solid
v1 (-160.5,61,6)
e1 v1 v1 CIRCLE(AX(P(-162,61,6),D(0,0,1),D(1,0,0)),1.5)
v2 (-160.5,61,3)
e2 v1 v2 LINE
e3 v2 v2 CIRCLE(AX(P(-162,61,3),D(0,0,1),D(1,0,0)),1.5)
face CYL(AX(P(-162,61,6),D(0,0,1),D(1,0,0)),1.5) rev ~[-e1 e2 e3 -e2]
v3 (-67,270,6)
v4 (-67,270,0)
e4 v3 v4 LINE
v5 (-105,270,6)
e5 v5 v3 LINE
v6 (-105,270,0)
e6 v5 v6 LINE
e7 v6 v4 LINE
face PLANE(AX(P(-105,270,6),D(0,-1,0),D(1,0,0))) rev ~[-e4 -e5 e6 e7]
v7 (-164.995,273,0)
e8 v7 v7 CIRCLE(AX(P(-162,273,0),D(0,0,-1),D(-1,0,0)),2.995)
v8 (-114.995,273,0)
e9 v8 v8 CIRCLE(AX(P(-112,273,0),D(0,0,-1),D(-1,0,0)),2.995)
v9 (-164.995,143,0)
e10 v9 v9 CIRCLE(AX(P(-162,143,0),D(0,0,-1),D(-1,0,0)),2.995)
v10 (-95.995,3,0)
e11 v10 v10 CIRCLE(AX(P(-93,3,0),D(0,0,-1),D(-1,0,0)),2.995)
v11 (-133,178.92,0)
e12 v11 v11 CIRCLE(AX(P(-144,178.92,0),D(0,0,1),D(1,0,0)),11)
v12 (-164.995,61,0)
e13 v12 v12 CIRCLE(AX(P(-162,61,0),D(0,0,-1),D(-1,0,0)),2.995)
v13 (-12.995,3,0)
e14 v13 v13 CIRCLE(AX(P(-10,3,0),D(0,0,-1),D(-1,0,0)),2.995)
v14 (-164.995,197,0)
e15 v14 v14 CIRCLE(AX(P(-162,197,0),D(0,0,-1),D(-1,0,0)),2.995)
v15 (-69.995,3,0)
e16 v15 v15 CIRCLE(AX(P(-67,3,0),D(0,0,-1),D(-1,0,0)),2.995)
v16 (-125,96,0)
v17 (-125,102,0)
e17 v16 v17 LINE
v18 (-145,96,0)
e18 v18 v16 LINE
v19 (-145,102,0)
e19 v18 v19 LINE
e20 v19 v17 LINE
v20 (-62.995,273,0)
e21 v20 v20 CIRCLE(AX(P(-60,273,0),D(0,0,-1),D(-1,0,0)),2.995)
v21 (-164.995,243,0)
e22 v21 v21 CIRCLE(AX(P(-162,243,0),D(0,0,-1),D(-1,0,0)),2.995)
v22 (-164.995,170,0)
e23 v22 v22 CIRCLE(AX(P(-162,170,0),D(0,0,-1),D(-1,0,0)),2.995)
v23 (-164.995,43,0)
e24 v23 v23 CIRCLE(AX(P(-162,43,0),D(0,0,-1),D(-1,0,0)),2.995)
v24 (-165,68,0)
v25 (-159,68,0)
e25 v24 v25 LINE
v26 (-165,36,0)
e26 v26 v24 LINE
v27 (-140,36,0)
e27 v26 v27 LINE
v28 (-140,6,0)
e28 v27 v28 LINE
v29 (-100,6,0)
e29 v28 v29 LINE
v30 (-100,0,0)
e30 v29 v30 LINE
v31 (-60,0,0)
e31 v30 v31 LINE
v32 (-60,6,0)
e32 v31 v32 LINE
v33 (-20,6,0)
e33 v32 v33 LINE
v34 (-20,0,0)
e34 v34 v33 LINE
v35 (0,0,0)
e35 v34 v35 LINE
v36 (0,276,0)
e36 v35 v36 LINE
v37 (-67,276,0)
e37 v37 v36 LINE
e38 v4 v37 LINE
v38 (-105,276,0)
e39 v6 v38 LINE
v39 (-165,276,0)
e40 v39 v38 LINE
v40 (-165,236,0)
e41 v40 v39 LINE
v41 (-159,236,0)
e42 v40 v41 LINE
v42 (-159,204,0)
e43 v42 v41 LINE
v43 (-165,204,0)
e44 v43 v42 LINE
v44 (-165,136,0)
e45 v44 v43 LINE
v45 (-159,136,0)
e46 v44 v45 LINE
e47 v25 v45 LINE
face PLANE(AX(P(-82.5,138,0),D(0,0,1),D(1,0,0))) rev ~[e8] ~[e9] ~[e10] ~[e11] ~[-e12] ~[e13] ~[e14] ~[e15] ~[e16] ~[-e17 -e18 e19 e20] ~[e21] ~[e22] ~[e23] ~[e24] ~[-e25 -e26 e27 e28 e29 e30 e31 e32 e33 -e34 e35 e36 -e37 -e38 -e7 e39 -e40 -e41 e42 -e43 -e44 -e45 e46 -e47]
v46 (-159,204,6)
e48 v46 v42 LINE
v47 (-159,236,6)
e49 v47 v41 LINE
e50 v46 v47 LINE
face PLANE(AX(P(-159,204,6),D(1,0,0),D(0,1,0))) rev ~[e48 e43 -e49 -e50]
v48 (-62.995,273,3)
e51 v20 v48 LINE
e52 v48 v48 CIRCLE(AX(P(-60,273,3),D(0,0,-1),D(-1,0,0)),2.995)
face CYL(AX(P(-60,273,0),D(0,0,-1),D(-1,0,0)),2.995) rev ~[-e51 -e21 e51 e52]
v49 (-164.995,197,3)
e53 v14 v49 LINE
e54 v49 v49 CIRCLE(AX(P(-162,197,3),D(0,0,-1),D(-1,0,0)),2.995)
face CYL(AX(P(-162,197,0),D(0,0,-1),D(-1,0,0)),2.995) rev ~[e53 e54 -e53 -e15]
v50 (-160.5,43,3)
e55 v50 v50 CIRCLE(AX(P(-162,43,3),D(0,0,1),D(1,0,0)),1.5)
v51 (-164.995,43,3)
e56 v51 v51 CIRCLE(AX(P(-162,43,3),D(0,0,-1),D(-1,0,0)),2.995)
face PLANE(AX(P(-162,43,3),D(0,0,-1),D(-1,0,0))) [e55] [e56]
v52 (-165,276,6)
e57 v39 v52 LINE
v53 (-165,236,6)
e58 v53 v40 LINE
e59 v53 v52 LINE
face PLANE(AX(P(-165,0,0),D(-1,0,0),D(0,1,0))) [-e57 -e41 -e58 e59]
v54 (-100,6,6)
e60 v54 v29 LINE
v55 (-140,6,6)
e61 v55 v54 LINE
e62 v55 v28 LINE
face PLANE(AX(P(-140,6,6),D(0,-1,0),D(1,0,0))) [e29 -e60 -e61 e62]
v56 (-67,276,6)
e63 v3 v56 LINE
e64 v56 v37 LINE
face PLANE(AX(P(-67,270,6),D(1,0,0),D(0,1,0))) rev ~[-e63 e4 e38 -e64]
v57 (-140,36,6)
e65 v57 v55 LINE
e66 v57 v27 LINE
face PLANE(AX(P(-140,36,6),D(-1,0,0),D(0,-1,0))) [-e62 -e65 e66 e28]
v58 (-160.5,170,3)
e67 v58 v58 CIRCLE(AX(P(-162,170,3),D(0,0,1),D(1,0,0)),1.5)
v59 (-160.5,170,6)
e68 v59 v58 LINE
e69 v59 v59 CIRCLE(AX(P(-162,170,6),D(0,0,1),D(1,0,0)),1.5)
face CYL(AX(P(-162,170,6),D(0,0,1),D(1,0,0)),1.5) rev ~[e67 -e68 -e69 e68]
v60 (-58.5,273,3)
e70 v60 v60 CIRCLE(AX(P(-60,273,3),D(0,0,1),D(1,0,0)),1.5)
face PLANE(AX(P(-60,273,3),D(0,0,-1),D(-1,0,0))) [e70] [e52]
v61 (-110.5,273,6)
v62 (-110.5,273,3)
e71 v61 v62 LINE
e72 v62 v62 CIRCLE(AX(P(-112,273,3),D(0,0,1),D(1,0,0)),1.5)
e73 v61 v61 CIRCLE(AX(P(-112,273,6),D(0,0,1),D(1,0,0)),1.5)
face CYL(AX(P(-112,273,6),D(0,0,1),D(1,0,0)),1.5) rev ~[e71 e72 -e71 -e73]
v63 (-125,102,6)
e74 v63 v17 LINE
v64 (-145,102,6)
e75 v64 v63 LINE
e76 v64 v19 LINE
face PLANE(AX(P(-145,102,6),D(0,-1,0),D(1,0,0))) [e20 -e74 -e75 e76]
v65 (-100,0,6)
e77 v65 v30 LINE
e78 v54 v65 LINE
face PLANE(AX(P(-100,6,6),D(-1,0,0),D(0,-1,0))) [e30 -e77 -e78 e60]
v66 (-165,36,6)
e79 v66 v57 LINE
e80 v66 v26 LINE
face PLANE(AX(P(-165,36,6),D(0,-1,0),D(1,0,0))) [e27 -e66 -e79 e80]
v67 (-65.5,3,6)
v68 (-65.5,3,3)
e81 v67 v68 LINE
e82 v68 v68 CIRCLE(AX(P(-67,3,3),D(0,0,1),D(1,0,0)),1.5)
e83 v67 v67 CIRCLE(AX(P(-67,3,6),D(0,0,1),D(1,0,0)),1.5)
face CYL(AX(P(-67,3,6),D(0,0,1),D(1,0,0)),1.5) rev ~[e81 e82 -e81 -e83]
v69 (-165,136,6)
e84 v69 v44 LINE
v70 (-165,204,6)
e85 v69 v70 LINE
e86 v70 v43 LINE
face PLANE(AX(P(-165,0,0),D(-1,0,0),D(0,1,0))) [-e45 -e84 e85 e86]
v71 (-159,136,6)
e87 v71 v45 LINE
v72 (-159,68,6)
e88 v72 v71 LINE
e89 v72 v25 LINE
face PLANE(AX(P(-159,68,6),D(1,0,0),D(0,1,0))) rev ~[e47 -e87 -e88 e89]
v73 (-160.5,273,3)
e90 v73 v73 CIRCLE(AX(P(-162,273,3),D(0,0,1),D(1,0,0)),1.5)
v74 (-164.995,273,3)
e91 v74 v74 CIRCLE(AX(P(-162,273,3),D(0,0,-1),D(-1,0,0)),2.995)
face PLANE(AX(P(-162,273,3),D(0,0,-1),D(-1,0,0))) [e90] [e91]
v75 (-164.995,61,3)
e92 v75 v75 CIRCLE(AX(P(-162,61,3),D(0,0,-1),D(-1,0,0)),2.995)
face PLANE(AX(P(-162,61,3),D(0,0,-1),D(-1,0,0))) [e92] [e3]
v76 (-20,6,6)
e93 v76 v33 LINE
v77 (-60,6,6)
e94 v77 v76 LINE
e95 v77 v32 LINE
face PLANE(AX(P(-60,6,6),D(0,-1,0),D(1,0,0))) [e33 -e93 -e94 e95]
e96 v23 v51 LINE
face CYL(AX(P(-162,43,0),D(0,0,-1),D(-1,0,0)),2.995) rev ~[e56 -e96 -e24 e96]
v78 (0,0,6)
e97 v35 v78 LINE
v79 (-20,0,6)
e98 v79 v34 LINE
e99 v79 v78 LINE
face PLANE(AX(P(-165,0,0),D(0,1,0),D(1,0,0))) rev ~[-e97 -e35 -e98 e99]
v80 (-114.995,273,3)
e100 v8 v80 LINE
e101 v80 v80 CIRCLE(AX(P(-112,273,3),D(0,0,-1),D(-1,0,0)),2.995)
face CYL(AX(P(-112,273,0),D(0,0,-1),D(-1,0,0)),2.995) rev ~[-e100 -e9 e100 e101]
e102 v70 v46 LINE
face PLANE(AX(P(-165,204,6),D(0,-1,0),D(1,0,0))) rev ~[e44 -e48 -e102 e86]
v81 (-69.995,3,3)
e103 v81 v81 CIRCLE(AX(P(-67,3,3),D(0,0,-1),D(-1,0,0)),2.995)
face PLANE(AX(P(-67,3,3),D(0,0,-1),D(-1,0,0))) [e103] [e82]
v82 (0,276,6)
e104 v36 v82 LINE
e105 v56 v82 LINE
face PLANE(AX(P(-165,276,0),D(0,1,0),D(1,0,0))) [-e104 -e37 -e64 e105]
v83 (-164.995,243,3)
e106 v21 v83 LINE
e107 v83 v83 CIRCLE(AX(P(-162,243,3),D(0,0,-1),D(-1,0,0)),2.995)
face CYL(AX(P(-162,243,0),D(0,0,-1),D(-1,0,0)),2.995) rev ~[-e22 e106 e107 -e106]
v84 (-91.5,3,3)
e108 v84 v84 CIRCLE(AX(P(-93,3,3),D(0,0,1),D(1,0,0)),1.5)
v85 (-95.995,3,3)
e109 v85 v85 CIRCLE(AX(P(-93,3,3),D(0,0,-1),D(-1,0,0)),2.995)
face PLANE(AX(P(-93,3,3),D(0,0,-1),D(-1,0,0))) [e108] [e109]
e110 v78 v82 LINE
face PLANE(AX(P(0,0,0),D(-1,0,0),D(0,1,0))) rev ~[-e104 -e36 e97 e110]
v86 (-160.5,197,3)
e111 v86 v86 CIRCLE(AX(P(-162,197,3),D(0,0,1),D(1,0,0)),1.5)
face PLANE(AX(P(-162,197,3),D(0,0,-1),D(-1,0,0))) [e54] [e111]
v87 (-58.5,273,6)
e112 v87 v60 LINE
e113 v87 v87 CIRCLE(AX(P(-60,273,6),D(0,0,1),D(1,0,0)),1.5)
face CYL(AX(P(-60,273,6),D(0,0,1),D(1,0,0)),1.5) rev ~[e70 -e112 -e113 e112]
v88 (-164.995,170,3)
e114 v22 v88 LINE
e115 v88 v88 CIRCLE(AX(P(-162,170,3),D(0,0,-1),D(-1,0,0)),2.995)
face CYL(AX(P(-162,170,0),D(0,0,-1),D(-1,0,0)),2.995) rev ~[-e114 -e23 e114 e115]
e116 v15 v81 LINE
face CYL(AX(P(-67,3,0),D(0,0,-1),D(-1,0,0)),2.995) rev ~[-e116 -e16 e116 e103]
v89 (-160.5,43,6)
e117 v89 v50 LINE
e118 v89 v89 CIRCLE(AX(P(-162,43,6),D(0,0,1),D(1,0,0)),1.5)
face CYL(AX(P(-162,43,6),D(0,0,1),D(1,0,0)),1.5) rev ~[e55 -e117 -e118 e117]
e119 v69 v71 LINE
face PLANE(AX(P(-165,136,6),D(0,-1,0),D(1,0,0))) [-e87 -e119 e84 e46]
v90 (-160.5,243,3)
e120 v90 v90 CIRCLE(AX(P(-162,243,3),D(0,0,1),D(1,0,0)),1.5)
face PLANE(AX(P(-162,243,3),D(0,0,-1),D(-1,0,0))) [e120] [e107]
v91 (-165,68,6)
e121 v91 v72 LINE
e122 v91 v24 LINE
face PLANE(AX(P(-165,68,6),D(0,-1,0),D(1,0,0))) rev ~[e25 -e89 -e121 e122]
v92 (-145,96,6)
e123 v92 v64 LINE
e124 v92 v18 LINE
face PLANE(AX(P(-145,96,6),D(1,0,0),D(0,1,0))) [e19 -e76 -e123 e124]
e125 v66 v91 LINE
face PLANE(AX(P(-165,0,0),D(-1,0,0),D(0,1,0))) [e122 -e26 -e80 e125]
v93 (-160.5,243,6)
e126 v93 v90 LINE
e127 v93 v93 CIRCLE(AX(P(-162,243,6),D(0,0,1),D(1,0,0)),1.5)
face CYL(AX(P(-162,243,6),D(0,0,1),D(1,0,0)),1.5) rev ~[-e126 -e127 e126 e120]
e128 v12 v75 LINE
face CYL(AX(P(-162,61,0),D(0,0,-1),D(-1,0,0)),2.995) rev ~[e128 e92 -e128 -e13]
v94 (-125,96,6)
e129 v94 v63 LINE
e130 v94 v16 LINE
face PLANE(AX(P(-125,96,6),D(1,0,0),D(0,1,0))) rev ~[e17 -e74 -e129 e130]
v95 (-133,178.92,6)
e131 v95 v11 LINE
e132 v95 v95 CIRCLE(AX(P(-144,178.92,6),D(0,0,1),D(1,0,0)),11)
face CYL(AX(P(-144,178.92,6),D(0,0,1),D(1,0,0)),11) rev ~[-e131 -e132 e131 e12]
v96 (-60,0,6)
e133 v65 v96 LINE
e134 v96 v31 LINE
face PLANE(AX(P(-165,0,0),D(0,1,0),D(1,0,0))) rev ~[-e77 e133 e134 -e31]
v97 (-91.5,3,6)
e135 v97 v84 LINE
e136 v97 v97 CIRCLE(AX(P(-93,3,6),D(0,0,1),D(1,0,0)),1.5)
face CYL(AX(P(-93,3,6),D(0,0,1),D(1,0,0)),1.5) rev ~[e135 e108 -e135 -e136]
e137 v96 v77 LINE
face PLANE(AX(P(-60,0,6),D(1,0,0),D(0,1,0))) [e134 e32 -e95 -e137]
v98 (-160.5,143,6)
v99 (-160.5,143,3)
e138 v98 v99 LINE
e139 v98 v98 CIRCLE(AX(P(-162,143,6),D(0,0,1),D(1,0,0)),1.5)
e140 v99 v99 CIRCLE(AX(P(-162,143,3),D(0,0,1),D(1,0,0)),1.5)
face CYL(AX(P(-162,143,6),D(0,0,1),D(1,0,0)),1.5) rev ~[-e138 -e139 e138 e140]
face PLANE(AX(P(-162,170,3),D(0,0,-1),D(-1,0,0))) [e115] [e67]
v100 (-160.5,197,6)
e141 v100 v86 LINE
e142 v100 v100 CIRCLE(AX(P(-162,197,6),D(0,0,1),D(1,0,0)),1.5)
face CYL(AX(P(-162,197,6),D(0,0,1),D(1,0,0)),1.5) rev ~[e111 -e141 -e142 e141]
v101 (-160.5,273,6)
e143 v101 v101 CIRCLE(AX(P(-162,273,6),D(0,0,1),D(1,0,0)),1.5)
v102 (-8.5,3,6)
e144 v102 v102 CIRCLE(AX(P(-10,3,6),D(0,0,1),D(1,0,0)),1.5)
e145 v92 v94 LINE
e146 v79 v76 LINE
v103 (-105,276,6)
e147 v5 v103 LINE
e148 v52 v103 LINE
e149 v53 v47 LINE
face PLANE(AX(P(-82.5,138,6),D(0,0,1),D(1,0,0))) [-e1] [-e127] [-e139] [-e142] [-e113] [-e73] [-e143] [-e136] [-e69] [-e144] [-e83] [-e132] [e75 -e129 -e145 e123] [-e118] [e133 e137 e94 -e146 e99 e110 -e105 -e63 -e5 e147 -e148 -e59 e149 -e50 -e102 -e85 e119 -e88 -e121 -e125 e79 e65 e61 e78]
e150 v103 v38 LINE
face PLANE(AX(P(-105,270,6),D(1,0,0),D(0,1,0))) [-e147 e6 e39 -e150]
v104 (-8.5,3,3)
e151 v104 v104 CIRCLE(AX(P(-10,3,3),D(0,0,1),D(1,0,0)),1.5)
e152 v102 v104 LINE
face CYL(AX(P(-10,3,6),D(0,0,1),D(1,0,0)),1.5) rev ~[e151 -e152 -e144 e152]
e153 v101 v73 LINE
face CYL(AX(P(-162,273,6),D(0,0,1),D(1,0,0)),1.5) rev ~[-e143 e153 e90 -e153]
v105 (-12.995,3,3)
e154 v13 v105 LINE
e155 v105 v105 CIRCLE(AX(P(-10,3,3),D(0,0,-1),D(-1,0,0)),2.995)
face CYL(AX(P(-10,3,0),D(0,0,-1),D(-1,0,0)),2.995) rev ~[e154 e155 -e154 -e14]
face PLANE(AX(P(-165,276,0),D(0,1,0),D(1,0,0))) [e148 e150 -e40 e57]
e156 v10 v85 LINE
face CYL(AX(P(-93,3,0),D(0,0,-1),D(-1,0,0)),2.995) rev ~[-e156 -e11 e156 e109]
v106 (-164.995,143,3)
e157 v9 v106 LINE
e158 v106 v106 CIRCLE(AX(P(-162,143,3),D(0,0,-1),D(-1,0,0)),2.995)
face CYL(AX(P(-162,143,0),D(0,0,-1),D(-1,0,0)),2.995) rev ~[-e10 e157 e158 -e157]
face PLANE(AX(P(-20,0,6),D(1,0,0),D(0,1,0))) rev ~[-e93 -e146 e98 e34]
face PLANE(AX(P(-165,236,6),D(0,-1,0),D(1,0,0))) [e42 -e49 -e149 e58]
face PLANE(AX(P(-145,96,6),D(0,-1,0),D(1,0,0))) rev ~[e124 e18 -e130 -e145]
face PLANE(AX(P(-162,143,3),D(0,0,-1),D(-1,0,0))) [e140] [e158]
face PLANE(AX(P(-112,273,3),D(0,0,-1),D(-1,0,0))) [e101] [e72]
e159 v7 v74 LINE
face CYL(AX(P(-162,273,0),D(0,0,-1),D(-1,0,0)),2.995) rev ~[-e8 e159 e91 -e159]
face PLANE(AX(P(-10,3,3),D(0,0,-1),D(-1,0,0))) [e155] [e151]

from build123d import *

# Parameters (mm, degrees)
ESQUISSE1_W             = 165
ESQUISSE1_H             = 276
BOSS_EXTRU_1_DEPTH      = 6
ESQUISSE2_W             = 38
ESQUISSE2_H             = 6
ESQUISSE2_W_2           = 6
ESQUISSE2_H_2           = 32
ESQUISSE2_H_3           = 68
ESQUISSE2_W_3           = 40
EXTERIEUR_DEPTH         = 10
ESQUISSE3_R             = 11
ESQUISSE3_W             = 20
ESQUISSE3_H             = 6
ENL_V_MAT_EXTRU_2_DEPTH = 322.616230934
ESQUISSE4_R             = 1.5
ENL_V_MAT_EXTRU_3_DEPTH = 322.616230934
ESQUISSE5_R             = 2.995
ENL_V_MAT_EXTRU_4_DEPTH = 3


with BuildPart() as part:
    # Esquisse1 → Boss.-Extru.1 (new body)
    with BuildSketch(Plane.XY):
        with Locations((-82.5, 138)):
            Rectangle(ESQUISSE1_W, ESQUISSE1_H)
    extrude(amount=BOSS_EXTRU_1_DEPTH)

    # Esquisse2 → exterieur (cut)
    with BuildSketch(Plane.XY.offset(6)):
        with Locations((-86, 273)):
            Rectangle(ESQUISSE2_W, ESQUISSE2_H)
        with Locations((-162, 220)):
            Rectangle(ESQUISSE2_W_2, ESQUISSE2_H_2)
        with Locations((-162, 102)):
            Rectangle(ESQUISSE2_W_2, ESQUISSE2_H_3)
        Polygon((-140, 36), (-140, 6), (-100, 6), (-100, 0), (-165, 0), (-165, 36), align=None)
        with Locations((-40, 3)):
            Rectangle(ESQUISSE2_W_3, ESQUISSE2_H)
    extrude(amount=-EXTERIEUR_DEPTH, mode=Mode.SUBTRACT)

    # Esquisse3 → Enlèv. mat.-Extru.2 (cut, through all)
    with BuildSketch(Plane.XY.offset(6)):
        with Locations((-144, 178.92)):
            Circle(ESQUISSE3_R)
        with Locations((-135, 99)):
            Rectangle(ESQUISSE3_W, ESQUISSE3_H)
    extrude(amount=-ENL_V_MAT_EXTRU_2_DEPTH, mode=Mode.SUBTRACT)

    # Esquisse4 → Enlèv. mat.-Extru.3 (cut, through all)
    with BuildSketch(Plane.XY.offset(6)):
        with Locations((-60, 273)):
            Circle(ESQUISSE4_R)
        with Locations((-112, 273)):
            Circle(ESQUISSE4_R)
        with Locations((-162, 197)):
            Circle(ESQUISSE4_R)
        with Locations((-162, 170)):
            Circle(ESQUISSE4_R)
        with Locations((-162, 143)):
            Circle(ESQUISSE4_R)
        with Locations((-162, 61)):
            Circle(ESQUISSE4_R)
        with Locations((-162, 43)):
            Circle(ESQUISSE4_R)
        with Locations((-93, 3)):
            Circle(ESQUISSE4_R)
        with Locations((-67, 3)):
            Circle(ESQUISSE4_R)
        with Locations((-10, 3)):
            Circle(ESQUISSE4_R)
        with Locations((-162, 273)):
            Circle(ESQUISSE4_R)
        with Locations((-162, 243)):
            Circle(ESQUISSE4_R)
    extrude(amount=-ENL_V_MAT_EXTRU_3_DEPTH, mode=Mode.SUBTRACT)

    # Esquisse5 → Enlèv. mat.-Extru.4 (cut)
    with BuildSketch(Plane(origin=(0, 0, 0), x_dir=(-1, 0, 0), z_dir=(0, 0, -1))):
        with Locations((60, 273)):
            Circle(ESQUISSE5_R)
        with Locations((112, 273)):
            Circle(ESQUISSE5_R)
        with Locations((162, 197)):
            Circle(ESQUISSE5_R)
        with Locations((162, 170)):
            Circle(ESQUISSE5_R)
        with Locations((162, 143)):
            Circle(ESQUISSE5_R)
        with Locations((162, 61)):
            Circle(ESQUISSE5_R)
        with Locations((162, 43)):
            Circle(ESQUISSE5_R)
        with Locations((93, 3)):
            Circle(ESQUISSE5_R)
        with Locations((67, 3)):
            Circle(ESQUISSE5_R)
        with Locations((10, 3)):
            Circle(ESQUISSE5_R)
        with Locations((162, 273)):
            Circle(ESQUISSE5_R)
        with Locations((162, 243)):
            Circle(ESQUISSE5_R)
    extrude(amount=-ENL_V_MAT_EXTRU_4_DEPTH, mode=Mode.SUBTRACT)


solid = part.part
